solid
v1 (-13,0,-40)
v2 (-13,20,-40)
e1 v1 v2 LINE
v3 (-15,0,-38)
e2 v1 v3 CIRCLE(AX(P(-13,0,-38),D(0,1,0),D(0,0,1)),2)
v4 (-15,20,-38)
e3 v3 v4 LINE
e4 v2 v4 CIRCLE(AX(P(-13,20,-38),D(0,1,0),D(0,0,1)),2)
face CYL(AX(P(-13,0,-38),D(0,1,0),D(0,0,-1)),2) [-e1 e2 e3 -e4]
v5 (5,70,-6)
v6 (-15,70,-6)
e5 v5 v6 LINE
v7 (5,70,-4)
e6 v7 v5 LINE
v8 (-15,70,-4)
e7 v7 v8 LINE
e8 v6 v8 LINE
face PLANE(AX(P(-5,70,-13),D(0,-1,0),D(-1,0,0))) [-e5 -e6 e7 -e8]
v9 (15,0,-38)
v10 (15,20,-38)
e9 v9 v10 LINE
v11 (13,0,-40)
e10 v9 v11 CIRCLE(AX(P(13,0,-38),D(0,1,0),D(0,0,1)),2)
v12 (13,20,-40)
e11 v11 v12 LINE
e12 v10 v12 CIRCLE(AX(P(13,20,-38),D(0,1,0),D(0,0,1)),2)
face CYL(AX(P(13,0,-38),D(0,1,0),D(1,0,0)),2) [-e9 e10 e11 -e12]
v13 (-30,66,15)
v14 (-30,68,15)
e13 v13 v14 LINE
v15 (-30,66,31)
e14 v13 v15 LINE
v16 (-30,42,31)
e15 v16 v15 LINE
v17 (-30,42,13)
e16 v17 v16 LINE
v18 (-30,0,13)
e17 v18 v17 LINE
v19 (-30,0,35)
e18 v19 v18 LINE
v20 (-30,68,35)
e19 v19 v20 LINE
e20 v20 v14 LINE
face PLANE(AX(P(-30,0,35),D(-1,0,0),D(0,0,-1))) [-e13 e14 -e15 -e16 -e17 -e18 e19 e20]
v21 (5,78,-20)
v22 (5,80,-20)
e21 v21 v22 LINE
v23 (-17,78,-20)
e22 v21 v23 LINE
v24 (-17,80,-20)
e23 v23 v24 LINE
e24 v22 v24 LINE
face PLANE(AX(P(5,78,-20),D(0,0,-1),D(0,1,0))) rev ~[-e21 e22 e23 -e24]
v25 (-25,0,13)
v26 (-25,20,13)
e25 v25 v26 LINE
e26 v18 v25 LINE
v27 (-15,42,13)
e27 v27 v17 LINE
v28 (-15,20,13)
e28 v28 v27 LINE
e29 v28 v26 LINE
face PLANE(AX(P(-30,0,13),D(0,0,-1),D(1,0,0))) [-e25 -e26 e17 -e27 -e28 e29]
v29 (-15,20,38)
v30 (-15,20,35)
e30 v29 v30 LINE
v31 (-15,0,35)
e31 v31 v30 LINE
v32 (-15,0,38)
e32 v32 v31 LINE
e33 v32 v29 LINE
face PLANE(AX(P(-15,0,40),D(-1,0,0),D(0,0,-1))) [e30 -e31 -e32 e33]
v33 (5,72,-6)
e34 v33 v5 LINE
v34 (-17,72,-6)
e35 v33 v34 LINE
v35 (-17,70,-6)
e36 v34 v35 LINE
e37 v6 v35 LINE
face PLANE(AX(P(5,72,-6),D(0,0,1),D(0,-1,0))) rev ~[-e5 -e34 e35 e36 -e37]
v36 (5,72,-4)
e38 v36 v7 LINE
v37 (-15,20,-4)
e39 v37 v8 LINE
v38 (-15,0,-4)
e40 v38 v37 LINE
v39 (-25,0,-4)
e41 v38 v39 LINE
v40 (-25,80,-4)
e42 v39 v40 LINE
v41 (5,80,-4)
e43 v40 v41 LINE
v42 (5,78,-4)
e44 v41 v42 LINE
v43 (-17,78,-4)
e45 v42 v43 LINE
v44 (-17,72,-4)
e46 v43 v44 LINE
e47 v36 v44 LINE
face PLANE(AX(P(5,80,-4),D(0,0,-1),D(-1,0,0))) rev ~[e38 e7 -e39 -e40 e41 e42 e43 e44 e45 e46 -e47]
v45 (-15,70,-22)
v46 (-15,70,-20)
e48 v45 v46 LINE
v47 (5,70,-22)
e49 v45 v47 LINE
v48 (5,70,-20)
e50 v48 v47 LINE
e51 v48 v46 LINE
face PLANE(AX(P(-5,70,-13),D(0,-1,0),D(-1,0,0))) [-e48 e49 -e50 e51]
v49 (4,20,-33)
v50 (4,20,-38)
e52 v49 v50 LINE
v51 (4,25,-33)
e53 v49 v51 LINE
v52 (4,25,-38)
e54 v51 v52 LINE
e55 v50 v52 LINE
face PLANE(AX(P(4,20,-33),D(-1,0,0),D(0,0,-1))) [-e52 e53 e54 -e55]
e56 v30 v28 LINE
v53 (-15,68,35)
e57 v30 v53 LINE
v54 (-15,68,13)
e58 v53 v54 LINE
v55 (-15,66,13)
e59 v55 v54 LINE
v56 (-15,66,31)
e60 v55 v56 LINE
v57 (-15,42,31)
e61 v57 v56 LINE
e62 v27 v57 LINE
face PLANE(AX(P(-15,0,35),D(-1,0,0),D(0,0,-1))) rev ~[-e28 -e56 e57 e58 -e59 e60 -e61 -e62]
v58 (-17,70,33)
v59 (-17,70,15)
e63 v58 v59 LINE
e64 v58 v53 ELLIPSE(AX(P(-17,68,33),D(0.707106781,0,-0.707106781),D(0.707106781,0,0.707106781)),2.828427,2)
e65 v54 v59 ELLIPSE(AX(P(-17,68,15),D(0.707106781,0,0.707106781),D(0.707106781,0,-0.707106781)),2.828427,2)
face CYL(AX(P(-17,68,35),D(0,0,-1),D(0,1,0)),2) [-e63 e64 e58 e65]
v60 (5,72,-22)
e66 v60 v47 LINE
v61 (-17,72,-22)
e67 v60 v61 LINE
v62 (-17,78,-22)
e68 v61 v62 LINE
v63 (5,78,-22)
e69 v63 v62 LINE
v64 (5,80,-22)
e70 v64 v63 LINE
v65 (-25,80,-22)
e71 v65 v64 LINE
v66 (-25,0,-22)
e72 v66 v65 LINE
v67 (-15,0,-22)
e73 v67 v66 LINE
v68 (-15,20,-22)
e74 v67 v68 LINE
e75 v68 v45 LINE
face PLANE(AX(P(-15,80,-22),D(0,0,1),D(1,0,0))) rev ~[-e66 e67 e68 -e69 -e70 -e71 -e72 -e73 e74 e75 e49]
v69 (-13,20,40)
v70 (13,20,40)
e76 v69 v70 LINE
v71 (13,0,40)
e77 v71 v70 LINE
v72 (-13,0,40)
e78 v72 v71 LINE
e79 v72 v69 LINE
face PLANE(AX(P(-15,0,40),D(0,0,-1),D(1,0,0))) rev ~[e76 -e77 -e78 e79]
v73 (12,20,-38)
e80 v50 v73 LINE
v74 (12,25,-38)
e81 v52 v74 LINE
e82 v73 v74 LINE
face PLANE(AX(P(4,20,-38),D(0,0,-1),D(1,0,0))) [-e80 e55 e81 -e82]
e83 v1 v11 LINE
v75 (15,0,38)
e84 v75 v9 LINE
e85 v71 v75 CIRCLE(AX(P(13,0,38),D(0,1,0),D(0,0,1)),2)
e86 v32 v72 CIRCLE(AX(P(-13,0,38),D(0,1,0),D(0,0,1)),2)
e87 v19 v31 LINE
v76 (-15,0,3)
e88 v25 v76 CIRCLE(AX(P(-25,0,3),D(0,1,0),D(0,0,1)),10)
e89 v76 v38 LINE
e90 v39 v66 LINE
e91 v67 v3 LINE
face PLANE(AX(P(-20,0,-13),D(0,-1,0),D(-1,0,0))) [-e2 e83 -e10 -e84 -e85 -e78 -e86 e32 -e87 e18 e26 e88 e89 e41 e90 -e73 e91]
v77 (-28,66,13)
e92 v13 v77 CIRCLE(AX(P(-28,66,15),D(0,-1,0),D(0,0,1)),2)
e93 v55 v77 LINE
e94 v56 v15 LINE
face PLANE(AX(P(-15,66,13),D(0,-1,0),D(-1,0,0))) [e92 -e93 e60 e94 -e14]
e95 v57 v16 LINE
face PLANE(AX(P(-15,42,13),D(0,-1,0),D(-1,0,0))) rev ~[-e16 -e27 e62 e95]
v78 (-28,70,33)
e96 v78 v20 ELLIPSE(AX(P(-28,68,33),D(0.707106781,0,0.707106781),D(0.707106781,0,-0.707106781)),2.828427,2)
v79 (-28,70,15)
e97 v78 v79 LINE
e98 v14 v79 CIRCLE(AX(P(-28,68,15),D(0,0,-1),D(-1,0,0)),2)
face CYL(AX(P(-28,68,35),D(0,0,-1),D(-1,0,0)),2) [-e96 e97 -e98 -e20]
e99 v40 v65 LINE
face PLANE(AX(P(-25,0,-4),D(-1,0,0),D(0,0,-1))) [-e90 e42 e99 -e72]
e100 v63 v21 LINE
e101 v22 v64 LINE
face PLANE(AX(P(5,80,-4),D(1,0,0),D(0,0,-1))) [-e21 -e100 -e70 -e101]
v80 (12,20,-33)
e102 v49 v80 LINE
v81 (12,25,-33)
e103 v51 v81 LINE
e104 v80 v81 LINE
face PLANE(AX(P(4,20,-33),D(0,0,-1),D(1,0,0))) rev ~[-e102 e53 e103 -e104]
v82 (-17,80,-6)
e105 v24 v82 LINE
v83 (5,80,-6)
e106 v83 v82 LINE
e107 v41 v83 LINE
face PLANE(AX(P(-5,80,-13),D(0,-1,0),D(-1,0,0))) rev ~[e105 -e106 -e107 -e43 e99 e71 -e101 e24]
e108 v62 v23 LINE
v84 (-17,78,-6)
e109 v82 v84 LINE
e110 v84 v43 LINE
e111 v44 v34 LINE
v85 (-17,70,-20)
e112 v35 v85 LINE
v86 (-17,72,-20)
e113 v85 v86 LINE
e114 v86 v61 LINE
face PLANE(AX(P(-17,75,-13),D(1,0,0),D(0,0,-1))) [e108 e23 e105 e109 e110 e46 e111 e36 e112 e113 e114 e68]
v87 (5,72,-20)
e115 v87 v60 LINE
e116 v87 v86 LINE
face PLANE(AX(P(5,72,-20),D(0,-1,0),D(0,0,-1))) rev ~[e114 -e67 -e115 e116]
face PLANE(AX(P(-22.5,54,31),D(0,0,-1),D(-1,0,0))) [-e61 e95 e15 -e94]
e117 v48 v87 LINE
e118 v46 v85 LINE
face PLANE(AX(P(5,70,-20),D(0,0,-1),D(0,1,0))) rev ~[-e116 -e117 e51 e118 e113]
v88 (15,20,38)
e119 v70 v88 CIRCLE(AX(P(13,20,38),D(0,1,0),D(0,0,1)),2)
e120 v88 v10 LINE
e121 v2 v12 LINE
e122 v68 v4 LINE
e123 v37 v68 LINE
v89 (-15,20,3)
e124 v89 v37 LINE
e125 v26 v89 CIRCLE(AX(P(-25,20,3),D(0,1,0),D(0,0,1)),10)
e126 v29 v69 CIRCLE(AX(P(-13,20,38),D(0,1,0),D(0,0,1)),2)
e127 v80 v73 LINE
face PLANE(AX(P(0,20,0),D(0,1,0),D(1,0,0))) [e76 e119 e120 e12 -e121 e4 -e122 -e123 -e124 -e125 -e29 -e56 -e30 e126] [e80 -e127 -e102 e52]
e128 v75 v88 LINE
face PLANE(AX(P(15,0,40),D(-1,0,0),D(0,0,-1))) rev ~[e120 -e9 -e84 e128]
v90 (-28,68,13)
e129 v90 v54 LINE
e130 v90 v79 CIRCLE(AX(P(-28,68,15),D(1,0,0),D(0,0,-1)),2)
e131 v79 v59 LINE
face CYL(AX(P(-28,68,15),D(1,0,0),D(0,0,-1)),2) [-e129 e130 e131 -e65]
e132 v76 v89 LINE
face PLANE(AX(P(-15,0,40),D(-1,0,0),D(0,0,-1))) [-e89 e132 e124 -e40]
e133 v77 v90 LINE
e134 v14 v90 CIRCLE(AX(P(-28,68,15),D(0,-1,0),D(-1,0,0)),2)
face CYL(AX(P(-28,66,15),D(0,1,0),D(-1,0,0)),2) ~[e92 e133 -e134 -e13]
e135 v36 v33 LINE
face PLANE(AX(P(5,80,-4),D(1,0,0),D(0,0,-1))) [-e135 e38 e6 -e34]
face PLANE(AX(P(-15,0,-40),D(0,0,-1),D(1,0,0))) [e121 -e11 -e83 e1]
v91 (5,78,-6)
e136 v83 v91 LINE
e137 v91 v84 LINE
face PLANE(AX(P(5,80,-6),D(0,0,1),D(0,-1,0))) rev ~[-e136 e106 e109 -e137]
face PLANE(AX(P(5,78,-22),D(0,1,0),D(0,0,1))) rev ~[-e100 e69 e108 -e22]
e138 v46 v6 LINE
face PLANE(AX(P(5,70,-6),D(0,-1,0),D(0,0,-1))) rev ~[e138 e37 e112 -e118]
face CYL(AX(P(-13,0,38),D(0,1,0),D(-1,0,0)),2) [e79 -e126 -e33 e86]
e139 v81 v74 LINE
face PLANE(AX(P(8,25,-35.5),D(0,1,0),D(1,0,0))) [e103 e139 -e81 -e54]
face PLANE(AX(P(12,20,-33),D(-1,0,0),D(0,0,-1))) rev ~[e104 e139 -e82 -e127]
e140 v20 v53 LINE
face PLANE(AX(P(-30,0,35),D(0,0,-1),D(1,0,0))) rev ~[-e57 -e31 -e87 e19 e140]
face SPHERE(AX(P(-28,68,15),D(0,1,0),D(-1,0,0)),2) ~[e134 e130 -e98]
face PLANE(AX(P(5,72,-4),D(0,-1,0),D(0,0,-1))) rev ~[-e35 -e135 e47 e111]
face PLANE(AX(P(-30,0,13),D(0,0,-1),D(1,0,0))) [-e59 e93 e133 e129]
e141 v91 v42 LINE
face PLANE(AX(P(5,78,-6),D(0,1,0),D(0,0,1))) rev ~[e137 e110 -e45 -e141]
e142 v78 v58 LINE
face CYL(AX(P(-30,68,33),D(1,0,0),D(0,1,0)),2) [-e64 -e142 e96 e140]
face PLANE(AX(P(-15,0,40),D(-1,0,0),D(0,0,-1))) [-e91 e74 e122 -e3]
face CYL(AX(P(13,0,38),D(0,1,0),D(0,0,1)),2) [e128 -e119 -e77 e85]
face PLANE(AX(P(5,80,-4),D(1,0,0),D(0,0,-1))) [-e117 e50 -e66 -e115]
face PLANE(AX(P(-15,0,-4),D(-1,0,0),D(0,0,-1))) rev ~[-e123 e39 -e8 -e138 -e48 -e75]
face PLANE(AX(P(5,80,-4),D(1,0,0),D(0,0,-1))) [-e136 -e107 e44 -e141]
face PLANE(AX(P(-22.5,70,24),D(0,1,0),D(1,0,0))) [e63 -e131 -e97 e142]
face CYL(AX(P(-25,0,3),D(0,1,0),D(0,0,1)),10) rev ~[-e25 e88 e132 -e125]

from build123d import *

# Parameters (mm, degrees)
SKETCH5_W            = 30
SKETCH5_H            = 80
BOSS_EXTRUDE4_DEPTH  = 20
SKETCH6_W            = 8
SKETCH6_H            = 5
BOSS_EXTRUDE5_DEPTH  = 5
SKETCH9_W            = 15
SKETCH9_H            = 22
BOSS_EXTRUDE10_DEPTH = 70
SKETCH14_W           = 15
SKETCH14_H           = 24
CUT_EXTRUDE1_DEPTH   = 18
FILLET1_R            = 2
FILLET2_R            = 10
FILLET4_R            = 2
FILLET6_R            = 2
SKETCH18_W           = 10
SKETCH18_H           = 18
BOSS_EXTRUDE11_DEPTH = 80
BOSS_EXTRUDE12_DEPTH = 10
CUT_EXTRUDE4_DEPTH   = 22


with BuildPart() as part:
    # Sketch5 → Boss-Extrude4 (new body)
    with BuildSketch(Plane(origin=(0, 0, 0), x_dir=(1, 0, 0), z_dir=(0, 1, 0))):
        Rectangle(SKETCH5_W, SKETCH5_H)
    extrude(amount=BOSS_EXTRUDE4_DEPTH)

    # Sketch6 → Boss-Extrude5 (add)
    with BuildSketch(Plane(origin=(0, 20, 0), x_dir=(1, 0, 0), z_dir=(0, 1, 0))):
        with Locations((8, 35.5)):
            Rectangle(SKETCH6_W, SKETCH6_H)
    extrude(amount=BOSS_EXTRUDE5_DEPTH)

    # Sketch9 → Boss-Extrude10 (add)
    with BuildSketch(Plane(origin=(0, 0, 0), x_dir=(1, 0, 0), z_dir=(0, 1, 0))):
        with Locations((-22.5, -24)):
            Rectangle(SKETCH9_W, SKETCH9_H)
    extrude(amount=BOSS_EXTRUDE10_DEPTH)

    # Sketch14 → Cut-Extrude1 (cut)
    with BuildSketch(Plane(origin=(0, 0, 13), x_dir=(-1, 0, 0), z_dir=(0, 0, -1))):
        with Locations((22.5, 54)):
            Rectangle(SKETCH14_W, SKETCH14_H)
    extrude(amount=-CUT_EXTRUDE1_DEPTH, mode=Mode.SUBTRACT)

    # Fillet1
    fillet1_edges = [part.edges().sort_by_distance(p)[0] for p in [
        (-15, 10, -40),
        (15, 10, -40),
        (15, 10, 40),
        (-15, 10, 40),
    ]]
    fillet(fillet1_edges, radius=FILLET1_R)

    # Fillet2
    fillet2_edges = [part.edges().sort_by_distance(p)[0] for p in [
        (-15, 10, 13),
    ]]
    fillet(fillet2_edges, radius=FILLET2_R)

    # Fillet4
    fillet4_edges = [part.edges().sort_by_distance(p)[0] for p in [
        (-30, 68, 13),
    ]]
    fillet(fillet4_edges, radius=FILLET4_R)

    # Fillet6
    fillet6_edges = [part.edges().sort_by_distance(p)[0] for p in [
        (-22.5, 70, 35),
        (-30, 70, 25),
        (-15, 70, 24),
        (-21.5, 70, 13),
        (-29.414213562, 70, 13.585786438),
    ]]
    fillet(fillet6_edges, radius=FILLET6_R)

    # Sketch18 → Boss-Extrude11 (add)
    with BuildSketch(Plane(origin=(0, 0, 0), x_dir=(-1, 0, 0), z_dir=(0, -1, 0))):
        with Locations((20, 13)):
            Rectangle(SKETCH18_W, SKETCH18_H)
    extrude(amount=-BOSS_EXTRUDE11_DEPTH)

    # Sketch19 → Boss-Extrude12 (add)
    with BuildSketch(Plane(origin=(0, 80, 0), x_dir=(1, 0, 0), z_dir=(0, 1, 0))):
        Polygon((-15, 22), (5, 22), (5, 14.741263634), (5, 6.741263634), (5, 4), (-15, 4), (-15, 6.741263634), (-15, 14.741263634), align=None)
    extrude(amount=-BOSS_EXTRUDE12_DEPTH)

    # Sketch20 → Cut-Extrude4 (cut)
    with BuildSketch(Plane(origin=(5, 0, 0), x_dir=(0, 0, -1), z_dir=(1, 0, 0))):
        Polygon((20, 80), (6, 80), (6, 78), (4, 78), (4, 72), (6, 72), (6, 70), (20, 70), (20, 72), (22, 72), (22, 78), (20, 78), align=None)
    extrude(amount=-CUT_EXTRUDE4_DEPTH, mode=Mode.SUBTRACT)


solid = part.part
